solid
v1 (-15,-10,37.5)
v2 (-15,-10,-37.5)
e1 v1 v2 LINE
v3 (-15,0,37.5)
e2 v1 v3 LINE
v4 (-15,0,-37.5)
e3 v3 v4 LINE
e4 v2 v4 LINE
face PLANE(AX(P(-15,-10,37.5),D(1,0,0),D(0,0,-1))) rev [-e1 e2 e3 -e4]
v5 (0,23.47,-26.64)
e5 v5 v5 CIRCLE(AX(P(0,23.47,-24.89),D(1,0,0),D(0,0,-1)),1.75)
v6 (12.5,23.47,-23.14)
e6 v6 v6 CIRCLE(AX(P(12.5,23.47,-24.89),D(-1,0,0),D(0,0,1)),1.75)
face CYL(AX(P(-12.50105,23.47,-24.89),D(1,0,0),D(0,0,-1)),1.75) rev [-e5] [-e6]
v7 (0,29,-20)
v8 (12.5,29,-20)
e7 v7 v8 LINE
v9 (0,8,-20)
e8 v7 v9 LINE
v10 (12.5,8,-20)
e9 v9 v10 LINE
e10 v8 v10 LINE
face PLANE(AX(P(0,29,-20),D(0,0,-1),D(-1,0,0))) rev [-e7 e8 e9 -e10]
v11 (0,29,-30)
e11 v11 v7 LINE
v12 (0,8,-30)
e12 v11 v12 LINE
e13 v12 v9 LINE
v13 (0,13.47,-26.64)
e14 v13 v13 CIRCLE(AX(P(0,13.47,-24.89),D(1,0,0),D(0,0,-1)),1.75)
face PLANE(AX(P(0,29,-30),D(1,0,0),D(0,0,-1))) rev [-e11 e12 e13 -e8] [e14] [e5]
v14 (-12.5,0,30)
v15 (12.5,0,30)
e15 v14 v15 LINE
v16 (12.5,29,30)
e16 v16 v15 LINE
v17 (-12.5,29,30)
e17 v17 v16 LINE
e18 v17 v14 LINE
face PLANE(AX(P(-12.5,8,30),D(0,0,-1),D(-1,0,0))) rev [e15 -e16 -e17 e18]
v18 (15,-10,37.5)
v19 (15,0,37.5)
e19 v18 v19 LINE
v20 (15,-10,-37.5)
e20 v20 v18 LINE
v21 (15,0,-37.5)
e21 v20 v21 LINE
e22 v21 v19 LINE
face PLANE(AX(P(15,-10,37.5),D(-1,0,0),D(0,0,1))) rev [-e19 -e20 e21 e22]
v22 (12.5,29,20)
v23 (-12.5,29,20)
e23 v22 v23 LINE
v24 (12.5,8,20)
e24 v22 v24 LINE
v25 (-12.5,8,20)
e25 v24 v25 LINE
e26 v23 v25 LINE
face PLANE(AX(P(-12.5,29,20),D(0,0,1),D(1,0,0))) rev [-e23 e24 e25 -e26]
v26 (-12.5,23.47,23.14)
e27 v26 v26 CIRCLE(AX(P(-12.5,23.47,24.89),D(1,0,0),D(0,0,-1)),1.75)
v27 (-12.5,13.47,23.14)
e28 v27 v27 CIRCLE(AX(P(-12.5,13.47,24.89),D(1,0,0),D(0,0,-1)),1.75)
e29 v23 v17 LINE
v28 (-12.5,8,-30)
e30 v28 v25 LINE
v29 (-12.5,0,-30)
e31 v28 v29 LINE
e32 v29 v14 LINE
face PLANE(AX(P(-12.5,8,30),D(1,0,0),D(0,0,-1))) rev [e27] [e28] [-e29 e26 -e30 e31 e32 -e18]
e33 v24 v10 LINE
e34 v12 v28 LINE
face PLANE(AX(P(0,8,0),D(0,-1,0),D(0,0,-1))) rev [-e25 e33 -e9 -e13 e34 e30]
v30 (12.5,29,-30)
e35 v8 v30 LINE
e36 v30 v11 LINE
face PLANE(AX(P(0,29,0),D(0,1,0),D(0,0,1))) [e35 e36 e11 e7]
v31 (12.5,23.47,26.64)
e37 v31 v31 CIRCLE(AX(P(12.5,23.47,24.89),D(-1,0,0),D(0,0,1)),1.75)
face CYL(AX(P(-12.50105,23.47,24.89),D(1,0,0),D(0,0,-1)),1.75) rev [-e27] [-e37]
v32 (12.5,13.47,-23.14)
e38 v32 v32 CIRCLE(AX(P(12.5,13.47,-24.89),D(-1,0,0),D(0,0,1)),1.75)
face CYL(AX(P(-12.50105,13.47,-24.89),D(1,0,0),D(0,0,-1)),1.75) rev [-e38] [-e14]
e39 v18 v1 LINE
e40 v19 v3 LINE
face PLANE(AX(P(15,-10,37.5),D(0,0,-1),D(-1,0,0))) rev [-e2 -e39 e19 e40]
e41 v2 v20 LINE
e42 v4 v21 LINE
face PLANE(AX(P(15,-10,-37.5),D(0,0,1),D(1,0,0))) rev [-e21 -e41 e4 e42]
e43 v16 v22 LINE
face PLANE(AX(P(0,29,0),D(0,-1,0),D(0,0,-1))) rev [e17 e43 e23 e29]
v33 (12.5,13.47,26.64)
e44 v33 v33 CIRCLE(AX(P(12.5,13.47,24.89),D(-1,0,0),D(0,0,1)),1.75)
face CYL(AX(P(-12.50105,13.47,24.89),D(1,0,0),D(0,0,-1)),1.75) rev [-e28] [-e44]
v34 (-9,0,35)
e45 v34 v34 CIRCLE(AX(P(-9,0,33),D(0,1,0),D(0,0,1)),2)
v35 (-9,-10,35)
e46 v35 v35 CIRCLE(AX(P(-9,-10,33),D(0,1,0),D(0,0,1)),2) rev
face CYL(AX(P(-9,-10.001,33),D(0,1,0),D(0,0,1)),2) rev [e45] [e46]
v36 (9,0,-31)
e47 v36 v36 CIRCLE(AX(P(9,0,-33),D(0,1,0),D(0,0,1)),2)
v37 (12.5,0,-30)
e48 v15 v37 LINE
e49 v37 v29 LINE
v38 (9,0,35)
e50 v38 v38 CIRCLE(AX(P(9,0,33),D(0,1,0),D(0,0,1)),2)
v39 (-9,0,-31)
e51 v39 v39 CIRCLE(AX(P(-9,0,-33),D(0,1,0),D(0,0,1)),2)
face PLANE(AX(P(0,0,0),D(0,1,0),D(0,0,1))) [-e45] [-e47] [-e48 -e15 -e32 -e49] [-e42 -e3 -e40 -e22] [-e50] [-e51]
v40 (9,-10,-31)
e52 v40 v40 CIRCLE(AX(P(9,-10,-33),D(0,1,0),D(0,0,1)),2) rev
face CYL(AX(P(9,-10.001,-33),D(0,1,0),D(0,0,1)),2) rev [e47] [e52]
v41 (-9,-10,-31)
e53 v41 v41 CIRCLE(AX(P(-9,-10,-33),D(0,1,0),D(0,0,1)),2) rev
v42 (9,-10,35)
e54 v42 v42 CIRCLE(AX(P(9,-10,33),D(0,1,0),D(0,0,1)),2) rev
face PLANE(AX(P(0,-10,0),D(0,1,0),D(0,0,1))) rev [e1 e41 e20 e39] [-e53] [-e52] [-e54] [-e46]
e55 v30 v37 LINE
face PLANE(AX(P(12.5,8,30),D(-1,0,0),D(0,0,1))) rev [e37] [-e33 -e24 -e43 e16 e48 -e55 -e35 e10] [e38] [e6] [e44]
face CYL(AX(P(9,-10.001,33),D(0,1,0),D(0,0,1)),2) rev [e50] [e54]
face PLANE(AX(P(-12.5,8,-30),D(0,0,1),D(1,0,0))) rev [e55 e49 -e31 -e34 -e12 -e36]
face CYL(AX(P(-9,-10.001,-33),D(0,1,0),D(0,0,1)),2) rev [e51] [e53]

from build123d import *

# Parameters (mm, degrees)
SKETCH1_W           = 25
SKETCH1_H           = 60
BOSS_EXTRUDE1_DEPTH = 8
SKETCH2_W           = 25
SKETCH2_H           = 10
SKETCH2_W_2         = 12.5
BOSS_EXTRUDE2_DEPTH = 21
CUT_EXTRUDE1_REACH  = 27
SKETCH3_R           = 1.75
SKETCH6_W           = 30
SKETCH6_H           = 75
BOSS_EXTRUDE3_DEPTH = 10
CUT_EXTRUDE4_REACH  = 12
SKETCH7_R           = 2


with BuildPart() as part:
    # Sketch1 → Boss-Extrude1 (new body)
    with BuildSketch(Plane(origin=(0, 0, 0), x_dir=(1, 0, 0), z_dir=(0, 1, 0))):
        Rectangle(SKETCH1_W, SKETCH1_H)
    extrude(amount=BOSS_EXTRUDE1_DEPTH)

    # Sketch2 → Boss-Extrude2 (add)
    with BuildSketch(Plane(origin=(0, 8, 0), x_dir=(1, 0, 0), z_dir=(0, 1, 0))):
        with Locations((0, -25)):
            Rectangle(SKETCH2_W, SKETCH2_H)
        with Locations((6.25, 25)):
            Rectangle(SKETCH2_W_2, SKETCH2_H)
    extrude(amount=BOSS_EXTRUDE2_DEPTH)

    # Sketch3 → Cut-Extrude1 (cut, up to next)
    with BuildSketch(Plane.ZY.offset(-12.5), mode=Mode.PRIVATE) as cut_extrude1_sk1:
        with Locations((-24.89, 23.47)):
            Circle(SKETCH3_R)
    cut_extrude1_tool1 = extrude(cut_extrude1_sk1.sketch, amount=CUT_EXTRUDE1_REACH, mode=Mode.PRIVATE) & part.part
    add(cut_extrude1_tool1.solids().sort_by_distance((12.5, 23.47, -24.89))[0], mode=Mode.SUBTRACT)
    # Sketch3 → Cut-Extrude1 (cut, up to next)
    with BuildSketch(Plane.ZY.offset(-12.5), mode=Mode.PRIVATE) as cut_extrude1_sk2:
        with Locations((-24.89, 13.47)):
            Circle(SKETCH3_R)
    cut_extrude1_tool2 = extrude(cut_extrude1_sk2.sketch, amount=CUT_EXTRUDE1_REACH, mode=Mode.PRIVATE) & part.part
    add(cut_extrude1_tool2.solids().sort_by_distance((12.5, 13.47, -24.89))[0], mode=Mode.SUBTRACT)
    # Sketch3 → Cut-Extrude1 (cut, up to next)
    with BuildSketch(Plane.ZY.offset(-12.5), mode=Mode.PRIVATE) as cut_extrude1_sk3:
        with Locations((24.89, 23.47)):
            Circle(SKETCH3_R)
    cut_extrude1_tool3 = extrude(cut_extrude1_sk3.sketch, amount=CUT_EXTRUDE1_REACH, mode=Mode.PRIVATE) & part.part
    add(cut_extrude1_tool3.solids().sort_by_distance((12.5, 23.47, 24.89))[0], mode=Mode.SUBTRACT)
    # Sketch3 → Cut-Extrude1 (cut, up to next)
    with BuildSketch(Plane.ZY.offset(-12.5), mode=Mode.PRIVATE) as cut_extrude1_sk4:
        with Locations((24.89, 13.47)):
            Circle(SKETCH3_R)
    cut_extrude1_tool4 = extrude(cut_extrude1_sk4.sketch, amount=CUT_EXTRUDE1_REACH, mode=Mode.PRIVATE) & part.part
    add(cut_extrude1_tool4.solids().sort_by_distance((12.5, 13.47, 24.89))[0], mode=Mode.SUBTRACT)

    # Sketch6 → Boss-Extrude3 (add)
    with BuildSketch(Plane.XZ):
        Rectangle(SKETCH6_W, SKETCH6_H)
    extrude(amount=BOSS_EXTRUDE3_DEPTH)

    # Sketch7 → Cut-Extrude4 (cut, up to next)
    with BuildSketch(Plane(origin=(0, 0, 0), x_dir=(1, 0, 0), z_dir=(0, 1, 0)), mode=Mode.PRIVATE) as cut_extrude4_sk1:
        with Locations((9, 33)):
            Circle(SKETCH7_R)
    cut_extrude4_tool1 = extrude(cut_extrude4_sk1.sketch, amount=-CUT_EXTRUDE4_REACH, mode=Mode.PRIVATE) & part.part
    add(cut_extrude4_tool1.solids().sort_by_distance((9, 0, -33))[0], mode=Mode.SUBTRACT)
    # Sketch7 → Cut-Extrude4 (cut, up to next)
    with BuildSketch(Plane(origin=(0, 0, 0), x_dir=(1, 0, 0), z_dir=(0, 1, 0)), mode=Mode.PRIVATE) as cut_extrude4_sk2:
        with Locations((-9, 33)):
            Circle(SKETCH7_R)
    cut_extrude4_tool2 = extrude(cut_extrude4_sk2.sketch, amount=-CUT_EXTRUDE4_REACH, mode=Mode.PRIVATE) & part.part
    add(cut_extrude4_tool2.solids().sort_by_distance((-9, 0, -33))[0], mode=Mode.SUBTRACT)
    # Sketch7 → Cut-Extrude4 (cut, up to next)
    with BuildSketch(Plane(origin=(0, 0, 0), x_dir=(1, 0, 0), z_dir=(0, 1, 0)), mode=Mode.PRIVATE) as cut_extrude4_sk3:
        with Locations((-9, -33)):
            Circle(SKETCH7_R)
    cut_extrude4_tool3 = extrude(cut_extrude4_sk3.sketch, amount=-CUT_EXTRUDE4_REACH, mode=Mode.PRIVATE) & part.part
    add(cut_extrude4_tool3.solids().sort_by_distance((-9, 0, 33))[0], mode=Mode.SUBTRACT)
    # Sketch7 → Cut-Extrude4 (cut, up to next)
    with BuildSketch(Plane(origin=(0, 0, 0), x_dir=(1, 0, 0), z_dir=(0, 1, 0)), mode=Mode.PRIVATE) as cut_extrude4_sk4:
        with Locations((9, -33)):
            Circle(SKETCH7_R)
    cut_extrude4_tool4 = extrude(cut_extrude4_sk4.sketch, amount=-CUT_EXTRUDE4_REACH, mode=Mode.PRIVATE) & part.part
    add(cut_extrude4_tool4.solids().sort_by_distance((9, 0, 33))[0], mode=Mode.SUBTRACT)


solid = part.part
